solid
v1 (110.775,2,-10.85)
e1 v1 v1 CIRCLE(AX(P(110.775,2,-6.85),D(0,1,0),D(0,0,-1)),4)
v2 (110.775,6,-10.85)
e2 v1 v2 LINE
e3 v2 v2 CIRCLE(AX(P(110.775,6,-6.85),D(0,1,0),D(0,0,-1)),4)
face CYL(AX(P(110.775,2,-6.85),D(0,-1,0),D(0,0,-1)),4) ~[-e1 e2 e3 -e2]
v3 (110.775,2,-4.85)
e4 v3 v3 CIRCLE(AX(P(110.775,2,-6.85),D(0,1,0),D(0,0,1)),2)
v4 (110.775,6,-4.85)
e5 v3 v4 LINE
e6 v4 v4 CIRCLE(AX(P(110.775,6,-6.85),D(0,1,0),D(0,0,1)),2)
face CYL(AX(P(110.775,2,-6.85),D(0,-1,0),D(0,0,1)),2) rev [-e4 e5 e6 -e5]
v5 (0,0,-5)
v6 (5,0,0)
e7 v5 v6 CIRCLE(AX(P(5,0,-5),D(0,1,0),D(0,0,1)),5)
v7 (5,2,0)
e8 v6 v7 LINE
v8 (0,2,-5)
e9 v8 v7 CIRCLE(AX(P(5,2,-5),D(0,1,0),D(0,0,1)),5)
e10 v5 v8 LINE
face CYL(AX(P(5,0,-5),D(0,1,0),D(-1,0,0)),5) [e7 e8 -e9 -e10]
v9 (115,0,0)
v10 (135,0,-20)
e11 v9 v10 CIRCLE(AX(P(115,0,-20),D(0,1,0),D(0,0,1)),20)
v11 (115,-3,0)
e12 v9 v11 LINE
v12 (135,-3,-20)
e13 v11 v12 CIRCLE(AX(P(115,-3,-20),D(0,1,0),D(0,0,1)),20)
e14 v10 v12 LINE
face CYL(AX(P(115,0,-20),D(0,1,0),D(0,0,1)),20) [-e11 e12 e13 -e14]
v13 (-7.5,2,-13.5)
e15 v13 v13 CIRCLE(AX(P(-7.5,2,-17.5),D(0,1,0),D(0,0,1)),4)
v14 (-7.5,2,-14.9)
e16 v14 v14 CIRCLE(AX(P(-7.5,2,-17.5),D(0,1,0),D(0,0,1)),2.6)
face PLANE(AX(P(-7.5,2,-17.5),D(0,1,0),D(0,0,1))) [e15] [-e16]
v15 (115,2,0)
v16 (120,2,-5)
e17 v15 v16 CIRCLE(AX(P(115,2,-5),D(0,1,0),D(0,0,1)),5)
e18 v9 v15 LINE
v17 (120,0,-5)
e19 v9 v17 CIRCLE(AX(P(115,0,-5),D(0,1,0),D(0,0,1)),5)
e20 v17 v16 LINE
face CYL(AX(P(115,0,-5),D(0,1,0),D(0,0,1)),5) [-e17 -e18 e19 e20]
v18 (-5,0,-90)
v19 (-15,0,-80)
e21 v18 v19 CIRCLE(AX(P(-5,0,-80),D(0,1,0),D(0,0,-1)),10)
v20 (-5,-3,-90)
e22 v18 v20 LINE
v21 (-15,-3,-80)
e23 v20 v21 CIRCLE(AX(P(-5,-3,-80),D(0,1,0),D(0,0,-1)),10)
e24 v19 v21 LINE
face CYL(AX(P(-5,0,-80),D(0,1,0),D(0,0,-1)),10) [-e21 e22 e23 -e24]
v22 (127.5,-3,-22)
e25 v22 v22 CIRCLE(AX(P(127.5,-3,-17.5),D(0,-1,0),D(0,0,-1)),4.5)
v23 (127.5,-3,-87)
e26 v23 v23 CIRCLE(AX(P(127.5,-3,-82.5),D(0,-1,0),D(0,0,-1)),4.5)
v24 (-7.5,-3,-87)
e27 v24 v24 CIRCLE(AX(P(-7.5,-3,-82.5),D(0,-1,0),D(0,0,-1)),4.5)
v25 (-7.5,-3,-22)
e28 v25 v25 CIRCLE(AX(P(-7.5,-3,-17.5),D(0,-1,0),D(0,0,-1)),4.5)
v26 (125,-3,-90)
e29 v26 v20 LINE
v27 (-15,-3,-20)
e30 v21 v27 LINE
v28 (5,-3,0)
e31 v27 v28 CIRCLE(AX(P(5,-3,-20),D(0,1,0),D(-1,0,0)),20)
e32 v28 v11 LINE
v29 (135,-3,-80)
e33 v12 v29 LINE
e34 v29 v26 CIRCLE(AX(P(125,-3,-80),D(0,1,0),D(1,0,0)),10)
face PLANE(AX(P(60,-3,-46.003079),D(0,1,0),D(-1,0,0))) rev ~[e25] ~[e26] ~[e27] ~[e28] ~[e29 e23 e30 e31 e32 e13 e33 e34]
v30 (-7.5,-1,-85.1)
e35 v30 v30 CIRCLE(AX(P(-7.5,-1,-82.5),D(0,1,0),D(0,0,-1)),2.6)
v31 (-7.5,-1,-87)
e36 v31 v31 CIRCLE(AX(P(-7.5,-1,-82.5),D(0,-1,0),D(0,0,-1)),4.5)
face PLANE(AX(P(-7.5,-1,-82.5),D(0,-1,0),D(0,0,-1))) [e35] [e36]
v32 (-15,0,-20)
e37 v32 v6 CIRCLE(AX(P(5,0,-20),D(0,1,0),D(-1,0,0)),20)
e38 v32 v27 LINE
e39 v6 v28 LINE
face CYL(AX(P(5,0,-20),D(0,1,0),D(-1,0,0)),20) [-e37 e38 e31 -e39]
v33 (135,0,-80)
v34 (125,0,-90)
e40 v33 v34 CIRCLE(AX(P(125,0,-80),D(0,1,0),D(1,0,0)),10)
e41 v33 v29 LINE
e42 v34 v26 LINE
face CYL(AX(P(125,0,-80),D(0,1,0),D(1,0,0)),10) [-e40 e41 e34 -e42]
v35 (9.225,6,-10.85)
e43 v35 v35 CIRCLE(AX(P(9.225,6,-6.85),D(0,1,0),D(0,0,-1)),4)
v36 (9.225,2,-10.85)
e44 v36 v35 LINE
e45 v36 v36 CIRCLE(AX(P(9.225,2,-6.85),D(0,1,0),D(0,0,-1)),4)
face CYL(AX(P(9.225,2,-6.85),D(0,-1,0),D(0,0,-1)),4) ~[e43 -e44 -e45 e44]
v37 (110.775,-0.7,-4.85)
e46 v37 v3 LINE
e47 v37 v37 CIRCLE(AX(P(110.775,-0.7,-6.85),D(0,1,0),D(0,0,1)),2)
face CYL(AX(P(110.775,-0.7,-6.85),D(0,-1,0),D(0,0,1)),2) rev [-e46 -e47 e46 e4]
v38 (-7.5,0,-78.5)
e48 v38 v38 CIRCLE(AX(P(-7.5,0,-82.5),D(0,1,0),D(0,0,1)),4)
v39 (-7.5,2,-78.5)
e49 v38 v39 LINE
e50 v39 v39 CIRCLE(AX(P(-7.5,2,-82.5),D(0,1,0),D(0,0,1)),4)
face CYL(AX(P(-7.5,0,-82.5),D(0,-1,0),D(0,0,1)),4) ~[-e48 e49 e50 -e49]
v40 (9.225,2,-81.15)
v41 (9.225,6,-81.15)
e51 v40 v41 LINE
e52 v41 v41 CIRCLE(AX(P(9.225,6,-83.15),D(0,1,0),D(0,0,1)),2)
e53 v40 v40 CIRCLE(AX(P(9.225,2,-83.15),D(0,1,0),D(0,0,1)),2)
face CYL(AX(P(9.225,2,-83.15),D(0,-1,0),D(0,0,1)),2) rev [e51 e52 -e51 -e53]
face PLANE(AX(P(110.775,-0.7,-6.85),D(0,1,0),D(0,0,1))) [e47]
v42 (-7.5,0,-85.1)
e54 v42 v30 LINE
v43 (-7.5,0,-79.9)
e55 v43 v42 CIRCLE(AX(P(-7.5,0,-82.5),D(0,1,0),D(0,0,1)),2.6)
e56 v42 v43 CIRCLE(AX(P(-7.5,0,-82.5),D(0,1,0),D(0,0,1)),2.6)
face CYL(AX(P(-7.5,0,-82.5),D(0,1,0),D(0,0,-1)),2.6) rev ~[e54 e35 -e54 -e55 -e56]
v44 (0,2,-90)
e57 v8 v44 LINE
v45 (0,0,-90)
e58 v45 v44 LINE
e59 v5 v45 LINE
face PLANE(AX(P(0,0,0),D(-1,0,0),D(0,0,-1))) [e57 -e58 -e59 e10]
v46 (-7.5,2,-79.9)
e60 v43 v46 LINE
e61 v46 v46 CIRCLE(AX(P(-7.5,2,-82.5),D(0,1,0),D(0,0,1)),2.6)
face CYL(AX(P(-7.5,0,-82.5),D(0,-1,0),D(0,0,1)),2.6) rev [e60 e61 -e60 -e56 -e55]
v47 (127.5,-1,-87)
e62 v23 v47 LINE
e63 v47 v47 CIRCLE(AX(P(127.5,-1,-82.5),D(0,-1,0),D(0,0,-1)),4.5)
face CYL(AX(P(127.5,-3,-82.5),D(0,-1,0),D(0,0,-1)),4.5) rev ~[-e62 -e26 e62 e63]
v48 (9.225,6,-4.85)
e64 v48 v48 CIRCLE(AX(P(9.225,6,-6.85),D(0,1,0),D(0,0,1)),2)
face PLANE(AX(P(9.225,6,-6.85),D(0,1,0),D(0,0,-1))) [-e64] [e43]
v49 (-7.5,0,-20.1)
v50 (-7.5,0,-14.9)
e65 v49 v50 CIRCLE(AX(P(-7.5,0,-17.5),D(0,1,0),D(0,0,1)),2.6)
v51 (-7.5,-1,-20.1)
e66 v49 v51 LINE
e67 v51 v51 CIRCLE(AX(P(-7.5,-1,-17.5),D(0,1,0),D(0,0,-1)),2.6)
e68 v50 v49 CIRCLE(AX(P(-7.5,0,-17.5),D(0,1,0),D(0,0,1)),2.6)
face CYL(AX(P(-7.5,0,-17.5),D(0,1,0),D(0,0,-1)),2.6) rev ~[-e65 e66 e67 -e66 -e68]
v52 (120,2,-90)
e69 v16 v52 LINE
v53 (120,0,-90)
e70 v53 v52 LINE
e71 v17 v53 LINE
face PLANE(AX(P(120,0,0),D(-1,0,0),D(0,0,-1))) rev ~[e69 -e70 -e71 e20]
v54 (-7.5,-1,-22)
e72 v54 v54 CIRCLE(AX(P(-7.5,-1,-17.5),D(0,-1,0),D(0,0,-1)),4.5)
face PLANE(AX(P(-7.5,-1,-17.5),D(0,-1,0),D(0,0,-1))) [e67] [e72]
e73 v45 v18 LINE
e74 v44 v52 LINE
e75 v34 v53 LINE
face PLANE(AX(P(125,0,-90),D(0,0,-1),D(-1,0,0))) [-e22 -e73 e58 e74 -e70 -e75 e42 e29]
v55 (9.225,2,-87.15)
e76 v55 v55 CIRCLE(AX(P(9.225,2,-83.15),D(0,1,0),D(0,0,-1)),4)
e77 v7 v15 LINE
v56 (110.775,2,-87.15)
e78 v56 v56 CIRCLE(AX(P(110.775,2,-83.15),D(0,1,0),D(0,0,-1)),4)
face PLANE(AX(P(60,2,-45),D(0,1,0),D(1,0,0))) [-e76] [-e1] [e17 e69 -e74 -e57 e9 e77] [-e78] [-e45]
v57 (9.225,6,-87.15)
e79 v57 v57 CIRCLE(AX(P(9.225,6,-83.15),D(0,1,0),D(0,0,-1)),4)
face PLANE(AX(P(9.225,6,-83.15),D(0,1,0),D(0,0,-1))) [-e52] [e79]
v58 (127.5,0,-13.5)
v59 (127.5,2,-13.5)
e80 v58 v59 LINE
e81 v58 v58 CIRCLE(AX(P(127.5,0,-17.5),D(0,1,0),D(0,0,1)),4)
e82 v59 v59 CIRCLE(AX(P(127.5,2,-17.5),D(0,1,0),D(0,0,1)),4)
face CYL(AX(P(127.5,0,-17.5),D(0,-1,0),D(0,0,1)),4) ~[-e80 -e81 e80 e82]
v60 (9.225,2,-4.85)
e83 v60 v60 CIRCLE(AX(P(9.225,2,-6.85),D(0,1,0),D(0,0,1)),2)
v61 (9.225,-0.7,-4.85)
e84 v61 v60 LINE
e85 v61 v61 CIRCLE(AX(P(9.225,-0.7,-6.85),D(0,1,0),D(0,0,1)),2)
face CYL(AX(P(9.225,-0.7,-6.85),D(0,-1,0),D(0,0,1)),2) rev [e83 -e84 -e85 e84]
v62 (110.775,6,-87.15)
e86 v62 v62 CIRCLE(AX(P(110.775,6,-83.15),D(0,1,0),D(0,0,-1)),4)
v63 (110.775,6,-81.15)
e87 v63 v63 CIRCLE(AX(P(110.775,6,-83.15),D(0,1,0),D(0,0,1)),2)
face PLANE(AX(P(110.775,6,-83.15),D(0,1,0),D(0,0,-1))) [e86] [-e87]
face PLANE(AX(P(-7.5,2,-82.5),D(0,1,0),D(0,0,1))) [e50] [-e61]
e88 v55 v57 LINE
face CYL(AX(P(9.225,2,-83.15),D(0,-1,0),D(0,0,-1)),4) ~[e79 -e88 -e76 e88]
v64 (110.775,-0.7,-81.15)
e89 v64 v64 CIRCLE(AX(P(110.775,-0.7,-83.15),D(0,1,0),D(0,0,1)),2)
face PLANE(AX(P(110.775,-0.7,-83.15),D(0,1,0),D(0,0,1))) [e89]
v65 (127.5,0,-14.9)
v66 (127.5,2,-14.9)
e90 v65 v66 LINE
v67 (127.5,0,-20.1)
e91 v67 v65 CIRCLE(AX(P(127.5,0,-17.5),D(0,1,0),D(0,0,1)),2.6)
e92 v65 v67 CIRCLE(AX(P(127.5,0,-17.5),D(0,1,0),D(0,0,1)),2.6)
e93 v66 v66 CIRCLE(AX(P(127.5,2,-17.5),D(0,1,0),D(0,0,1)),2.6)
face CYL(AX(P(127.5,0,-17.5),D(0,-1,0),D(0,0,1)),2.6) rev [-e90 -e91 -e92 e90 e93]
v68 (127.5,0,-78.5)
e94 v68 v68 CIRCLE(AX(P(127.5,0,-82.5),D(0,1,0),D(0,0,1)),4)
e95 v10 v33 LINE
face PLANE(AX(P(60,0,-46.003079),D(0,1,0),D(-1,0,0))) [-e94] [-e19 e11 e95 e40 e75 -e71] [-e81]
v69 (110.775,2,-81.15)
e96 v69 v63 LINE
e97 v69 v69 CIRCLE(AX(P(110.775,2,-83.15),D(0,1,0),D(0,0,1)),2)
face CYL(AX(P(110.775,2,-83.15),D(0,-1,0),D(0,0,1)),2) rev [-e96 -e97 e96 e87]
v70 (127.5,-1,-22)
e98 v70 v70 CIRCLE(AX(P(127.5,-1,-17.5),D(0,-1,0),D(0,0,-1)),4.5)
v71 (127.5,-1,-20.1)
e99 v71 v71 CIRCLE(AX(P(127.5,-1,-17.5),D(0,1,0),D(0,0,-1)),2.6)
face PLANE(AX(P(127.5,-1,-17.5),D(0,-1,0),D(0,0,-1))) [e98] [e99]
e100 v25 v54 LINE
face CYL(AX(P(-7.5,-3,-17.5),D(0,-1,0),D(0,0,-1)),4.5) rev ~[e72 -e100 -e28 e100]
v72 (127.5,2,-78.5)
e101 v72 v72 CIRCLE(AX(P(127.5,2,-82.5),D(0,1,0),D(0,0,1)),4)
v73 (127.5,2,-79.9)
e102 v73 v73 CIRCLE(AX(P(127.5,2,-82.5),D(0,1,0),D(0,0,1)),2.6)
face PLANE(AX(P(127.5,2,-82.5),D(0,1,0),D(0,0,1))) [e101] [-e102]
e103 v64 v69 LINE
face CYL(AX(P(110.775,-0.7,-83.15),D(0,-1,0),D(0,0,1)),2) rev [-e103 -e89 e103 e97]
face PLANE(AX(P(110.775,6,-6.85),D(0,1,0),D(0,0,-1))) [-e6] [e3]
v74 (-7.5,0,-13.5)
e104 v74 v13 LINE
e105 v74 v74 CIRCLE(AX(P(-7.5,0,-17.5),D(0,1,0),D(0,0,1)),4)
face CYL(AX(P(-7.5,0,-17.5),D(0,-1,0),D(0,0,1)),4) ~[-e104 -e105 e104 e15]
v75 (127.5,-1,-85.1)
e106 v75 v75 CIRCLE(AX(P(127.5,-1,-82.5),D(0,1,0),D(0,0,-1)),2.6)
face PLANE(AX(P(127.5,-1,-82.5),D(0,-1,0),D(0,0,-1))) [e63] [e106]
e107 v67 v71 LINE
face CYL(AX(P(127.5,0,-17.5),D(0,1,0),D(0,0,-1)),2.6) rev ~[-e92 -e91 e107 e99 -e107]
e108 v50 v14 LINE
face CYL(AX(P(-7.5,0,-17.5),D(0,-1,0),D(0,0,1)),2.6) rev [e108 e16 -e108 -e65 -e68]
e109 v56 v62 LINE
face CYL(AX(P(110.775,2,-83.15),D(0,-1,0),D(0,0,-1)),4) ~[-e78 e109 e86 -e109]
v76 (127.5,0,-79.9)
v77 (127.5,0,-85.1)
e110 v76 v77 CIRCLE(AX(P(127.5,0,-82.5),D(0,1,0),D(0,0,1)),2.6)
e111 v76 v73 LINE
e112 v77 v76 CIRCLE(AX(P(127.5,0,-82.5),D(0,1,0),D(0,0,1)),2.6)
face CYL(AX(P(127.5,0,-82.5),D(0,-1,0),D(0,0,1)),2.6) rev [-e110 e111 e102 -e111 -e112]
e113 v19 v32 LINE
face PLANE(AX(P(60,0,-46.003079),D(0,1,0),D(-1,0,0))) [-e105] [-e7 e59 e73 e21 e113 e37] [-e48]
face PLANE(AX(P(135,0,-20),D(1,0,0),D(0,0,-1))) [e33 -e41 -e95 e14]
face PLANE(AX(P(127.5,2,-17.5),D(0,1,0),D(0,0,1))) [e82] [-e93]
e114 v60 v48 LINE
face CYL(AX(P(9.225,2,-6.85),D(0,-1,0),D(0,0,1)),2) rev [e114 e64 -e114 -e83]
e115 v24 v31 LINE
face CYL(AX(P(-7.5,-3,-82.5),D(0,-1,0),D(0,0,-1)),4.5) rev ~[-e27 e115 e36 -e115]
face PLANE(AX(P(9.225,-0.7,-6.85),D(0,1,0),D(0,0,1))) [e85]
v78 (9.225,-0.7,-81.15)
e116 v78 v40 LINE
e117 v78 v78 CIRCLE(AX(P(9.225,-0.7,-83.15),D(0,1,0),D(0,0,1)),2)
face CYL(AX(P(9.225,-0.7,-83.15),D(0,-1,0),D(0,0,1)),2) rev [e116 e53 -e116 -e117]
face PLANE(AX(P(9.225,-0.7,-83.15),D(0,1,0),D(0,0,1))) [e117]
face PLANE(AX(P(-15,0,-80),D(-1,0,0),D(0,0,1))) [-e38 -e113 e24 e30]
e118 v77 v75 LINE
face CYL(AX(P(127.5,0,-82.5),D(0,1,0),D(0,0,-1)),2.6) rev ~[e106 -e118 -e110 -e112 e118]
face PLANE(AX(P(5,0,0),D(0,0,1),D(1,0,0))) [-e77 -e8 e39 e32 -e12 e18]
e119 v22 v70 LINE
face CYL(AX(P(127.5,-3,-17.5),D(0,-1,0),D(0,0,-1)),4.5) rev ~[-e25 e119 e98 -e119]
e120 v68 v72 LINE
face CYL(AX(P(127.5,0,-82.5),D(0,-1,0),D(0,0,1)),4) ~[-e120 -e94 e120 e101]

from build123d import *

# Parameters (mm, degrees)
SKETCH1_W           = 120
SKETCH1_H           = 90
BOSS_EXTRUDE1_DEPTH = 2
SKETCH2_R           = 4
SKETCH2_R_2         = 2
BOSS_EXTRUDE2_DEPTH = 4
FILLET1_R           = 5
BOSS_EXTRUDE3_DEPTH = 3
SKETCH4_R           = 4.5
CUT_EXTRUDE1_DEPTH  = 2
SKETCH5_R           = 4
SKETCH5_R_2         = 2.6
BOSS_EXTRUDE4_DEPTH = 2
SKETCH6_R           = 2.6
CUT_EXTRUDE2_DEPTH  = 163.360709533
CUT_EXTRUDE3_START  = -6.7
SKETCH7_R           = 2
CUT_EXTRUDE3_DEPTH  = 6.7


with BuildPart() as part:
    # Sketch1 → Boss-Extrude1 (new body)
    with BuildSketch(Plane(origin=(0, 0, 0), x_dir=(1, 0, 0), z_dir=(0, 1, 0))):
        with Locations((60, 45)):
            Rectangle(SKETCH1_W, SKETCH1_H)
    extrude(amount=BOSS_EXTRUDE1_DEPTH)

    # Sketch2 → Boss-Extrude2 (add)
    # profile 1 of 4: a face of its own
    with BuildSketch(Plane(origin=(0, 2, 0), x_dir=(1, 0, 0), z_dir=(0, 1, 0))):
        with Locations(Location((9.225, 83.15, 0), (0, 0, 90))):
            Circle(SKETCH2_R)
        with Locations(Location((9.225, 83.15, 0), (0, 0, 270))):
            Circle(SKETCH2_R_2, mode=Mode.SUBTRACT)
    # profile 2 of 4: a face of its own
    with BuildSketch(Plane(origin=(0, 2, 0), x_dir=(1, 0, 0), z_dir=(0, 1, 0))):
        with Locations(Location((9.225, 6.85, 0), (0, 0, 90))):
            Circle(SKETCH2_R)
        with Locations(Location((9.225, 6.85, 0), (0, 0, 270))):
            Circle(SKETCH2_R_2, mode=Mode.SUBTRACT)
    # profile 3 of 4: a face of its own
    with BuildSketch(Plane(origin=(0, 2, 0), x_dir=(1, 0, 0), z_dir=(0, 1, 0))):
        with Locations(Location((110.775, 83.15, 0), (0, 0, 90))):
            Circle(SKETCH2_R)
        with Locations(Location((110.775, 83.15, 0), (0, 0, 270))):
            Circle(SKETCH2_R_2, mode=Mode.SUBTRACT)
    # profile 4 of 4: a face of its own
    with BuildSketch(Plane(origin=(0, 2, 0), x_dir=(1, 0, 0), z_dir=(0, 1, 0))):
        with Locations(Location((110.775, 6.85, 0), (0, 0, 90))):
            Circle(SKETCH2_R)
        with Locations(Location((110.775, 6.85, 0), (0, 0, 270))):
            Circle(SKETCH2_R_2, mode=Mode.SUBTRACT)
    extrude(amount=BOSS_EXTRUDE2_DEPTH)

    # Fillet1
    fillet1_edges = [part.edges().sort_by_distance(p)[0] for p in [
        (120, 1, 0),
        (0, 1, 0),
    ]]
    fillet(fillet1_edges, radius=FILLET1_R)

    # Sketch3 → Boss-Extrude3 (add)
    with BuildSketch(Plane.XZ):
        with BuildLine():
            Line((5, 0), (115, 0))
            ThreePointArc((115, 0), (129.142135624, -5.857864376), (135, -20))
            Line((135, -20), (135, -80))
            ThreePointArc((135, -80), (132.071067812, -87.071067812), (125, -90))
            Line((125, -90), (-5, -90))
            ThreePointArc((-5, -90), (-12.071067812, -87.071067812), (-15, -80))
            Line((-15, -80), (-15, -20))
            ThreePointArc((-15, -20), (-9.142135624, -5.857864376), (5, 0))
        make_face()
    extrude(amount=BOSS_EXTRUDE3_DEPTH)

    # Sketch4 → Cut-Extrude1 (cut)
    with BuildSketch(Plane.XZ.offset(3)):
        with Locations(Location((-7.5, -17.5, 0), (0, 0, 270))):
            Circle(SKETCH4_R)
        with Locations(Location((-7.5, -82.5, 0), (0, 0, 270))):
            Circle(SKETCH4_R)
        with Locations(Location((127.5, -17.5, 0), (0, 0, 270))):
            Circle(SKETCH4_R)
        with Locations(Location((127.5, -82.5, 0), (0, 0, 270))):
            Circle(SKETCH4_R)
    extrude(amount=-CUT_EXTRUDE1_DEPTH, mode=Mode.SUBTRACT)

    # Sketch5 → Boss-Extrude4 (add)
    # profile 1 of 4: a face of its own
    with BuildSketch(Plane(origin=(0, 0, 0), x_dir=(1, 0, 0), z_dir=(0, 1, 0))):
        with Locations(Location((-7.5, 17.5, 0), (0, 0, 270))):
            Circle(SKETCH5_R)
        with Locations(Location((-7.5, 17.5, 0), (0, 0, 270))):
            Circle(SKETCH5_R_2, mode=Mode.SUBTRACT)
    # profile 2 of 4: a face of its own
    with BuildSketch(Plane(origin=(0, 0, 0), x_dir=(1, 0, 0), z_dir=(0, 1, 0))):
        with Locations(Location((127.5, 17.5, 0), (0, 0, 270))):
            Circle(SKETCH5_R)
        with Locations(Location((127.5, 17.5, 0), (0, 0, 270))):
            Circle(SKETCH5_R_2, mode=Mode.SUBTRACT)
    # profile 3 of 4: a face of its own
    with BuildSketch(Plane(origin=(0, 0, 0), x_dir=(1, 0, 0), z_dir=(0, 1, 0))):
        with Locations(Location((127.5, 82.5, 0), (0, 0, 270))):
            Circle(SKETCH5_R)
        with Locations(Location((127.5, 82.5, 0), (0, 0, 270))):
            Circle(SKETCH5_R_2, mode=Mode.SUBTRACT)
    # profile 4 of 4: a face of its own
    with BuildSketch(Plane(origin=(0, 0, 0), x_dir=(1, 0, 0), z_dir=(0, 1, 0))):
        with Locations(Location((-7.5, 82.5, 0), (0, 0, 270))):
            Circle(SKETCH5_R)
        with Locations(Location((-7.5, 82.5, 0), (0, 0, 270))):
            Circle(SKETCH5_R_2, mode=Mode.SUBTRACT)
    extrude(amount=BOSS_EXTRUDE4_DEPTH)

    # Sketch6 → Cut-Extrude2 (cut, through all)
    with BuildSketch(Plane(origin=(0, 0, 0), x_dir=(1, 0, 0), z_dir=(0, 1, 0))):
        with Locations(Location((-7.5, 17.5, 0), (0, 0, 90))):
            Circle(SKETCH6_R)
        with Locations(Location((127.5, 17.5, 0), (0, 0, 90))):
            Circle(SKETCH6_R)
        with Locations(Location((127.5, 82.5, 0), (0, 0, 90))):
            Circle(SKETCH6_R)
        with Locations(Location((-7.5, 82.5, 0), (0, 0, 90))):
            Circle(SKETCH6_R)
    extrude(amount=-CUT_EXTRUDE2_DEPTH, mode=Mode.SUBTRACT)

    # Sketch7 → Cut-Extrude3 (cut)
    with BuildSketch(Plane(origin=(0, 6, 0), x_dir=(1, 0, 0), z_dir=(0, 1, 0)).offset(CUT_EXTRUDE3_START)):
        with Locations(Location((110.775, 83.15, 0), (0, 0, 270))):
            Circle(SKETCH7_R)
        with Locations(Location((110.775, 6.85, 0), (0, 0, 270))):
            Circle(SKETCH7_R)
        with Locations(Location((9.225, 6.85, 0), (0, 0, 270))):
            Circle(SKETCH7_R)
        with Locations(Location((9.225, 83.15, 0), (0, 0, 270))):
            Circle(SKETCH7_R)
    extrude(amount=CUT_EXTRUDE3_DEPTH, mode=Mode.SUBTRACT)


solid = part.part
